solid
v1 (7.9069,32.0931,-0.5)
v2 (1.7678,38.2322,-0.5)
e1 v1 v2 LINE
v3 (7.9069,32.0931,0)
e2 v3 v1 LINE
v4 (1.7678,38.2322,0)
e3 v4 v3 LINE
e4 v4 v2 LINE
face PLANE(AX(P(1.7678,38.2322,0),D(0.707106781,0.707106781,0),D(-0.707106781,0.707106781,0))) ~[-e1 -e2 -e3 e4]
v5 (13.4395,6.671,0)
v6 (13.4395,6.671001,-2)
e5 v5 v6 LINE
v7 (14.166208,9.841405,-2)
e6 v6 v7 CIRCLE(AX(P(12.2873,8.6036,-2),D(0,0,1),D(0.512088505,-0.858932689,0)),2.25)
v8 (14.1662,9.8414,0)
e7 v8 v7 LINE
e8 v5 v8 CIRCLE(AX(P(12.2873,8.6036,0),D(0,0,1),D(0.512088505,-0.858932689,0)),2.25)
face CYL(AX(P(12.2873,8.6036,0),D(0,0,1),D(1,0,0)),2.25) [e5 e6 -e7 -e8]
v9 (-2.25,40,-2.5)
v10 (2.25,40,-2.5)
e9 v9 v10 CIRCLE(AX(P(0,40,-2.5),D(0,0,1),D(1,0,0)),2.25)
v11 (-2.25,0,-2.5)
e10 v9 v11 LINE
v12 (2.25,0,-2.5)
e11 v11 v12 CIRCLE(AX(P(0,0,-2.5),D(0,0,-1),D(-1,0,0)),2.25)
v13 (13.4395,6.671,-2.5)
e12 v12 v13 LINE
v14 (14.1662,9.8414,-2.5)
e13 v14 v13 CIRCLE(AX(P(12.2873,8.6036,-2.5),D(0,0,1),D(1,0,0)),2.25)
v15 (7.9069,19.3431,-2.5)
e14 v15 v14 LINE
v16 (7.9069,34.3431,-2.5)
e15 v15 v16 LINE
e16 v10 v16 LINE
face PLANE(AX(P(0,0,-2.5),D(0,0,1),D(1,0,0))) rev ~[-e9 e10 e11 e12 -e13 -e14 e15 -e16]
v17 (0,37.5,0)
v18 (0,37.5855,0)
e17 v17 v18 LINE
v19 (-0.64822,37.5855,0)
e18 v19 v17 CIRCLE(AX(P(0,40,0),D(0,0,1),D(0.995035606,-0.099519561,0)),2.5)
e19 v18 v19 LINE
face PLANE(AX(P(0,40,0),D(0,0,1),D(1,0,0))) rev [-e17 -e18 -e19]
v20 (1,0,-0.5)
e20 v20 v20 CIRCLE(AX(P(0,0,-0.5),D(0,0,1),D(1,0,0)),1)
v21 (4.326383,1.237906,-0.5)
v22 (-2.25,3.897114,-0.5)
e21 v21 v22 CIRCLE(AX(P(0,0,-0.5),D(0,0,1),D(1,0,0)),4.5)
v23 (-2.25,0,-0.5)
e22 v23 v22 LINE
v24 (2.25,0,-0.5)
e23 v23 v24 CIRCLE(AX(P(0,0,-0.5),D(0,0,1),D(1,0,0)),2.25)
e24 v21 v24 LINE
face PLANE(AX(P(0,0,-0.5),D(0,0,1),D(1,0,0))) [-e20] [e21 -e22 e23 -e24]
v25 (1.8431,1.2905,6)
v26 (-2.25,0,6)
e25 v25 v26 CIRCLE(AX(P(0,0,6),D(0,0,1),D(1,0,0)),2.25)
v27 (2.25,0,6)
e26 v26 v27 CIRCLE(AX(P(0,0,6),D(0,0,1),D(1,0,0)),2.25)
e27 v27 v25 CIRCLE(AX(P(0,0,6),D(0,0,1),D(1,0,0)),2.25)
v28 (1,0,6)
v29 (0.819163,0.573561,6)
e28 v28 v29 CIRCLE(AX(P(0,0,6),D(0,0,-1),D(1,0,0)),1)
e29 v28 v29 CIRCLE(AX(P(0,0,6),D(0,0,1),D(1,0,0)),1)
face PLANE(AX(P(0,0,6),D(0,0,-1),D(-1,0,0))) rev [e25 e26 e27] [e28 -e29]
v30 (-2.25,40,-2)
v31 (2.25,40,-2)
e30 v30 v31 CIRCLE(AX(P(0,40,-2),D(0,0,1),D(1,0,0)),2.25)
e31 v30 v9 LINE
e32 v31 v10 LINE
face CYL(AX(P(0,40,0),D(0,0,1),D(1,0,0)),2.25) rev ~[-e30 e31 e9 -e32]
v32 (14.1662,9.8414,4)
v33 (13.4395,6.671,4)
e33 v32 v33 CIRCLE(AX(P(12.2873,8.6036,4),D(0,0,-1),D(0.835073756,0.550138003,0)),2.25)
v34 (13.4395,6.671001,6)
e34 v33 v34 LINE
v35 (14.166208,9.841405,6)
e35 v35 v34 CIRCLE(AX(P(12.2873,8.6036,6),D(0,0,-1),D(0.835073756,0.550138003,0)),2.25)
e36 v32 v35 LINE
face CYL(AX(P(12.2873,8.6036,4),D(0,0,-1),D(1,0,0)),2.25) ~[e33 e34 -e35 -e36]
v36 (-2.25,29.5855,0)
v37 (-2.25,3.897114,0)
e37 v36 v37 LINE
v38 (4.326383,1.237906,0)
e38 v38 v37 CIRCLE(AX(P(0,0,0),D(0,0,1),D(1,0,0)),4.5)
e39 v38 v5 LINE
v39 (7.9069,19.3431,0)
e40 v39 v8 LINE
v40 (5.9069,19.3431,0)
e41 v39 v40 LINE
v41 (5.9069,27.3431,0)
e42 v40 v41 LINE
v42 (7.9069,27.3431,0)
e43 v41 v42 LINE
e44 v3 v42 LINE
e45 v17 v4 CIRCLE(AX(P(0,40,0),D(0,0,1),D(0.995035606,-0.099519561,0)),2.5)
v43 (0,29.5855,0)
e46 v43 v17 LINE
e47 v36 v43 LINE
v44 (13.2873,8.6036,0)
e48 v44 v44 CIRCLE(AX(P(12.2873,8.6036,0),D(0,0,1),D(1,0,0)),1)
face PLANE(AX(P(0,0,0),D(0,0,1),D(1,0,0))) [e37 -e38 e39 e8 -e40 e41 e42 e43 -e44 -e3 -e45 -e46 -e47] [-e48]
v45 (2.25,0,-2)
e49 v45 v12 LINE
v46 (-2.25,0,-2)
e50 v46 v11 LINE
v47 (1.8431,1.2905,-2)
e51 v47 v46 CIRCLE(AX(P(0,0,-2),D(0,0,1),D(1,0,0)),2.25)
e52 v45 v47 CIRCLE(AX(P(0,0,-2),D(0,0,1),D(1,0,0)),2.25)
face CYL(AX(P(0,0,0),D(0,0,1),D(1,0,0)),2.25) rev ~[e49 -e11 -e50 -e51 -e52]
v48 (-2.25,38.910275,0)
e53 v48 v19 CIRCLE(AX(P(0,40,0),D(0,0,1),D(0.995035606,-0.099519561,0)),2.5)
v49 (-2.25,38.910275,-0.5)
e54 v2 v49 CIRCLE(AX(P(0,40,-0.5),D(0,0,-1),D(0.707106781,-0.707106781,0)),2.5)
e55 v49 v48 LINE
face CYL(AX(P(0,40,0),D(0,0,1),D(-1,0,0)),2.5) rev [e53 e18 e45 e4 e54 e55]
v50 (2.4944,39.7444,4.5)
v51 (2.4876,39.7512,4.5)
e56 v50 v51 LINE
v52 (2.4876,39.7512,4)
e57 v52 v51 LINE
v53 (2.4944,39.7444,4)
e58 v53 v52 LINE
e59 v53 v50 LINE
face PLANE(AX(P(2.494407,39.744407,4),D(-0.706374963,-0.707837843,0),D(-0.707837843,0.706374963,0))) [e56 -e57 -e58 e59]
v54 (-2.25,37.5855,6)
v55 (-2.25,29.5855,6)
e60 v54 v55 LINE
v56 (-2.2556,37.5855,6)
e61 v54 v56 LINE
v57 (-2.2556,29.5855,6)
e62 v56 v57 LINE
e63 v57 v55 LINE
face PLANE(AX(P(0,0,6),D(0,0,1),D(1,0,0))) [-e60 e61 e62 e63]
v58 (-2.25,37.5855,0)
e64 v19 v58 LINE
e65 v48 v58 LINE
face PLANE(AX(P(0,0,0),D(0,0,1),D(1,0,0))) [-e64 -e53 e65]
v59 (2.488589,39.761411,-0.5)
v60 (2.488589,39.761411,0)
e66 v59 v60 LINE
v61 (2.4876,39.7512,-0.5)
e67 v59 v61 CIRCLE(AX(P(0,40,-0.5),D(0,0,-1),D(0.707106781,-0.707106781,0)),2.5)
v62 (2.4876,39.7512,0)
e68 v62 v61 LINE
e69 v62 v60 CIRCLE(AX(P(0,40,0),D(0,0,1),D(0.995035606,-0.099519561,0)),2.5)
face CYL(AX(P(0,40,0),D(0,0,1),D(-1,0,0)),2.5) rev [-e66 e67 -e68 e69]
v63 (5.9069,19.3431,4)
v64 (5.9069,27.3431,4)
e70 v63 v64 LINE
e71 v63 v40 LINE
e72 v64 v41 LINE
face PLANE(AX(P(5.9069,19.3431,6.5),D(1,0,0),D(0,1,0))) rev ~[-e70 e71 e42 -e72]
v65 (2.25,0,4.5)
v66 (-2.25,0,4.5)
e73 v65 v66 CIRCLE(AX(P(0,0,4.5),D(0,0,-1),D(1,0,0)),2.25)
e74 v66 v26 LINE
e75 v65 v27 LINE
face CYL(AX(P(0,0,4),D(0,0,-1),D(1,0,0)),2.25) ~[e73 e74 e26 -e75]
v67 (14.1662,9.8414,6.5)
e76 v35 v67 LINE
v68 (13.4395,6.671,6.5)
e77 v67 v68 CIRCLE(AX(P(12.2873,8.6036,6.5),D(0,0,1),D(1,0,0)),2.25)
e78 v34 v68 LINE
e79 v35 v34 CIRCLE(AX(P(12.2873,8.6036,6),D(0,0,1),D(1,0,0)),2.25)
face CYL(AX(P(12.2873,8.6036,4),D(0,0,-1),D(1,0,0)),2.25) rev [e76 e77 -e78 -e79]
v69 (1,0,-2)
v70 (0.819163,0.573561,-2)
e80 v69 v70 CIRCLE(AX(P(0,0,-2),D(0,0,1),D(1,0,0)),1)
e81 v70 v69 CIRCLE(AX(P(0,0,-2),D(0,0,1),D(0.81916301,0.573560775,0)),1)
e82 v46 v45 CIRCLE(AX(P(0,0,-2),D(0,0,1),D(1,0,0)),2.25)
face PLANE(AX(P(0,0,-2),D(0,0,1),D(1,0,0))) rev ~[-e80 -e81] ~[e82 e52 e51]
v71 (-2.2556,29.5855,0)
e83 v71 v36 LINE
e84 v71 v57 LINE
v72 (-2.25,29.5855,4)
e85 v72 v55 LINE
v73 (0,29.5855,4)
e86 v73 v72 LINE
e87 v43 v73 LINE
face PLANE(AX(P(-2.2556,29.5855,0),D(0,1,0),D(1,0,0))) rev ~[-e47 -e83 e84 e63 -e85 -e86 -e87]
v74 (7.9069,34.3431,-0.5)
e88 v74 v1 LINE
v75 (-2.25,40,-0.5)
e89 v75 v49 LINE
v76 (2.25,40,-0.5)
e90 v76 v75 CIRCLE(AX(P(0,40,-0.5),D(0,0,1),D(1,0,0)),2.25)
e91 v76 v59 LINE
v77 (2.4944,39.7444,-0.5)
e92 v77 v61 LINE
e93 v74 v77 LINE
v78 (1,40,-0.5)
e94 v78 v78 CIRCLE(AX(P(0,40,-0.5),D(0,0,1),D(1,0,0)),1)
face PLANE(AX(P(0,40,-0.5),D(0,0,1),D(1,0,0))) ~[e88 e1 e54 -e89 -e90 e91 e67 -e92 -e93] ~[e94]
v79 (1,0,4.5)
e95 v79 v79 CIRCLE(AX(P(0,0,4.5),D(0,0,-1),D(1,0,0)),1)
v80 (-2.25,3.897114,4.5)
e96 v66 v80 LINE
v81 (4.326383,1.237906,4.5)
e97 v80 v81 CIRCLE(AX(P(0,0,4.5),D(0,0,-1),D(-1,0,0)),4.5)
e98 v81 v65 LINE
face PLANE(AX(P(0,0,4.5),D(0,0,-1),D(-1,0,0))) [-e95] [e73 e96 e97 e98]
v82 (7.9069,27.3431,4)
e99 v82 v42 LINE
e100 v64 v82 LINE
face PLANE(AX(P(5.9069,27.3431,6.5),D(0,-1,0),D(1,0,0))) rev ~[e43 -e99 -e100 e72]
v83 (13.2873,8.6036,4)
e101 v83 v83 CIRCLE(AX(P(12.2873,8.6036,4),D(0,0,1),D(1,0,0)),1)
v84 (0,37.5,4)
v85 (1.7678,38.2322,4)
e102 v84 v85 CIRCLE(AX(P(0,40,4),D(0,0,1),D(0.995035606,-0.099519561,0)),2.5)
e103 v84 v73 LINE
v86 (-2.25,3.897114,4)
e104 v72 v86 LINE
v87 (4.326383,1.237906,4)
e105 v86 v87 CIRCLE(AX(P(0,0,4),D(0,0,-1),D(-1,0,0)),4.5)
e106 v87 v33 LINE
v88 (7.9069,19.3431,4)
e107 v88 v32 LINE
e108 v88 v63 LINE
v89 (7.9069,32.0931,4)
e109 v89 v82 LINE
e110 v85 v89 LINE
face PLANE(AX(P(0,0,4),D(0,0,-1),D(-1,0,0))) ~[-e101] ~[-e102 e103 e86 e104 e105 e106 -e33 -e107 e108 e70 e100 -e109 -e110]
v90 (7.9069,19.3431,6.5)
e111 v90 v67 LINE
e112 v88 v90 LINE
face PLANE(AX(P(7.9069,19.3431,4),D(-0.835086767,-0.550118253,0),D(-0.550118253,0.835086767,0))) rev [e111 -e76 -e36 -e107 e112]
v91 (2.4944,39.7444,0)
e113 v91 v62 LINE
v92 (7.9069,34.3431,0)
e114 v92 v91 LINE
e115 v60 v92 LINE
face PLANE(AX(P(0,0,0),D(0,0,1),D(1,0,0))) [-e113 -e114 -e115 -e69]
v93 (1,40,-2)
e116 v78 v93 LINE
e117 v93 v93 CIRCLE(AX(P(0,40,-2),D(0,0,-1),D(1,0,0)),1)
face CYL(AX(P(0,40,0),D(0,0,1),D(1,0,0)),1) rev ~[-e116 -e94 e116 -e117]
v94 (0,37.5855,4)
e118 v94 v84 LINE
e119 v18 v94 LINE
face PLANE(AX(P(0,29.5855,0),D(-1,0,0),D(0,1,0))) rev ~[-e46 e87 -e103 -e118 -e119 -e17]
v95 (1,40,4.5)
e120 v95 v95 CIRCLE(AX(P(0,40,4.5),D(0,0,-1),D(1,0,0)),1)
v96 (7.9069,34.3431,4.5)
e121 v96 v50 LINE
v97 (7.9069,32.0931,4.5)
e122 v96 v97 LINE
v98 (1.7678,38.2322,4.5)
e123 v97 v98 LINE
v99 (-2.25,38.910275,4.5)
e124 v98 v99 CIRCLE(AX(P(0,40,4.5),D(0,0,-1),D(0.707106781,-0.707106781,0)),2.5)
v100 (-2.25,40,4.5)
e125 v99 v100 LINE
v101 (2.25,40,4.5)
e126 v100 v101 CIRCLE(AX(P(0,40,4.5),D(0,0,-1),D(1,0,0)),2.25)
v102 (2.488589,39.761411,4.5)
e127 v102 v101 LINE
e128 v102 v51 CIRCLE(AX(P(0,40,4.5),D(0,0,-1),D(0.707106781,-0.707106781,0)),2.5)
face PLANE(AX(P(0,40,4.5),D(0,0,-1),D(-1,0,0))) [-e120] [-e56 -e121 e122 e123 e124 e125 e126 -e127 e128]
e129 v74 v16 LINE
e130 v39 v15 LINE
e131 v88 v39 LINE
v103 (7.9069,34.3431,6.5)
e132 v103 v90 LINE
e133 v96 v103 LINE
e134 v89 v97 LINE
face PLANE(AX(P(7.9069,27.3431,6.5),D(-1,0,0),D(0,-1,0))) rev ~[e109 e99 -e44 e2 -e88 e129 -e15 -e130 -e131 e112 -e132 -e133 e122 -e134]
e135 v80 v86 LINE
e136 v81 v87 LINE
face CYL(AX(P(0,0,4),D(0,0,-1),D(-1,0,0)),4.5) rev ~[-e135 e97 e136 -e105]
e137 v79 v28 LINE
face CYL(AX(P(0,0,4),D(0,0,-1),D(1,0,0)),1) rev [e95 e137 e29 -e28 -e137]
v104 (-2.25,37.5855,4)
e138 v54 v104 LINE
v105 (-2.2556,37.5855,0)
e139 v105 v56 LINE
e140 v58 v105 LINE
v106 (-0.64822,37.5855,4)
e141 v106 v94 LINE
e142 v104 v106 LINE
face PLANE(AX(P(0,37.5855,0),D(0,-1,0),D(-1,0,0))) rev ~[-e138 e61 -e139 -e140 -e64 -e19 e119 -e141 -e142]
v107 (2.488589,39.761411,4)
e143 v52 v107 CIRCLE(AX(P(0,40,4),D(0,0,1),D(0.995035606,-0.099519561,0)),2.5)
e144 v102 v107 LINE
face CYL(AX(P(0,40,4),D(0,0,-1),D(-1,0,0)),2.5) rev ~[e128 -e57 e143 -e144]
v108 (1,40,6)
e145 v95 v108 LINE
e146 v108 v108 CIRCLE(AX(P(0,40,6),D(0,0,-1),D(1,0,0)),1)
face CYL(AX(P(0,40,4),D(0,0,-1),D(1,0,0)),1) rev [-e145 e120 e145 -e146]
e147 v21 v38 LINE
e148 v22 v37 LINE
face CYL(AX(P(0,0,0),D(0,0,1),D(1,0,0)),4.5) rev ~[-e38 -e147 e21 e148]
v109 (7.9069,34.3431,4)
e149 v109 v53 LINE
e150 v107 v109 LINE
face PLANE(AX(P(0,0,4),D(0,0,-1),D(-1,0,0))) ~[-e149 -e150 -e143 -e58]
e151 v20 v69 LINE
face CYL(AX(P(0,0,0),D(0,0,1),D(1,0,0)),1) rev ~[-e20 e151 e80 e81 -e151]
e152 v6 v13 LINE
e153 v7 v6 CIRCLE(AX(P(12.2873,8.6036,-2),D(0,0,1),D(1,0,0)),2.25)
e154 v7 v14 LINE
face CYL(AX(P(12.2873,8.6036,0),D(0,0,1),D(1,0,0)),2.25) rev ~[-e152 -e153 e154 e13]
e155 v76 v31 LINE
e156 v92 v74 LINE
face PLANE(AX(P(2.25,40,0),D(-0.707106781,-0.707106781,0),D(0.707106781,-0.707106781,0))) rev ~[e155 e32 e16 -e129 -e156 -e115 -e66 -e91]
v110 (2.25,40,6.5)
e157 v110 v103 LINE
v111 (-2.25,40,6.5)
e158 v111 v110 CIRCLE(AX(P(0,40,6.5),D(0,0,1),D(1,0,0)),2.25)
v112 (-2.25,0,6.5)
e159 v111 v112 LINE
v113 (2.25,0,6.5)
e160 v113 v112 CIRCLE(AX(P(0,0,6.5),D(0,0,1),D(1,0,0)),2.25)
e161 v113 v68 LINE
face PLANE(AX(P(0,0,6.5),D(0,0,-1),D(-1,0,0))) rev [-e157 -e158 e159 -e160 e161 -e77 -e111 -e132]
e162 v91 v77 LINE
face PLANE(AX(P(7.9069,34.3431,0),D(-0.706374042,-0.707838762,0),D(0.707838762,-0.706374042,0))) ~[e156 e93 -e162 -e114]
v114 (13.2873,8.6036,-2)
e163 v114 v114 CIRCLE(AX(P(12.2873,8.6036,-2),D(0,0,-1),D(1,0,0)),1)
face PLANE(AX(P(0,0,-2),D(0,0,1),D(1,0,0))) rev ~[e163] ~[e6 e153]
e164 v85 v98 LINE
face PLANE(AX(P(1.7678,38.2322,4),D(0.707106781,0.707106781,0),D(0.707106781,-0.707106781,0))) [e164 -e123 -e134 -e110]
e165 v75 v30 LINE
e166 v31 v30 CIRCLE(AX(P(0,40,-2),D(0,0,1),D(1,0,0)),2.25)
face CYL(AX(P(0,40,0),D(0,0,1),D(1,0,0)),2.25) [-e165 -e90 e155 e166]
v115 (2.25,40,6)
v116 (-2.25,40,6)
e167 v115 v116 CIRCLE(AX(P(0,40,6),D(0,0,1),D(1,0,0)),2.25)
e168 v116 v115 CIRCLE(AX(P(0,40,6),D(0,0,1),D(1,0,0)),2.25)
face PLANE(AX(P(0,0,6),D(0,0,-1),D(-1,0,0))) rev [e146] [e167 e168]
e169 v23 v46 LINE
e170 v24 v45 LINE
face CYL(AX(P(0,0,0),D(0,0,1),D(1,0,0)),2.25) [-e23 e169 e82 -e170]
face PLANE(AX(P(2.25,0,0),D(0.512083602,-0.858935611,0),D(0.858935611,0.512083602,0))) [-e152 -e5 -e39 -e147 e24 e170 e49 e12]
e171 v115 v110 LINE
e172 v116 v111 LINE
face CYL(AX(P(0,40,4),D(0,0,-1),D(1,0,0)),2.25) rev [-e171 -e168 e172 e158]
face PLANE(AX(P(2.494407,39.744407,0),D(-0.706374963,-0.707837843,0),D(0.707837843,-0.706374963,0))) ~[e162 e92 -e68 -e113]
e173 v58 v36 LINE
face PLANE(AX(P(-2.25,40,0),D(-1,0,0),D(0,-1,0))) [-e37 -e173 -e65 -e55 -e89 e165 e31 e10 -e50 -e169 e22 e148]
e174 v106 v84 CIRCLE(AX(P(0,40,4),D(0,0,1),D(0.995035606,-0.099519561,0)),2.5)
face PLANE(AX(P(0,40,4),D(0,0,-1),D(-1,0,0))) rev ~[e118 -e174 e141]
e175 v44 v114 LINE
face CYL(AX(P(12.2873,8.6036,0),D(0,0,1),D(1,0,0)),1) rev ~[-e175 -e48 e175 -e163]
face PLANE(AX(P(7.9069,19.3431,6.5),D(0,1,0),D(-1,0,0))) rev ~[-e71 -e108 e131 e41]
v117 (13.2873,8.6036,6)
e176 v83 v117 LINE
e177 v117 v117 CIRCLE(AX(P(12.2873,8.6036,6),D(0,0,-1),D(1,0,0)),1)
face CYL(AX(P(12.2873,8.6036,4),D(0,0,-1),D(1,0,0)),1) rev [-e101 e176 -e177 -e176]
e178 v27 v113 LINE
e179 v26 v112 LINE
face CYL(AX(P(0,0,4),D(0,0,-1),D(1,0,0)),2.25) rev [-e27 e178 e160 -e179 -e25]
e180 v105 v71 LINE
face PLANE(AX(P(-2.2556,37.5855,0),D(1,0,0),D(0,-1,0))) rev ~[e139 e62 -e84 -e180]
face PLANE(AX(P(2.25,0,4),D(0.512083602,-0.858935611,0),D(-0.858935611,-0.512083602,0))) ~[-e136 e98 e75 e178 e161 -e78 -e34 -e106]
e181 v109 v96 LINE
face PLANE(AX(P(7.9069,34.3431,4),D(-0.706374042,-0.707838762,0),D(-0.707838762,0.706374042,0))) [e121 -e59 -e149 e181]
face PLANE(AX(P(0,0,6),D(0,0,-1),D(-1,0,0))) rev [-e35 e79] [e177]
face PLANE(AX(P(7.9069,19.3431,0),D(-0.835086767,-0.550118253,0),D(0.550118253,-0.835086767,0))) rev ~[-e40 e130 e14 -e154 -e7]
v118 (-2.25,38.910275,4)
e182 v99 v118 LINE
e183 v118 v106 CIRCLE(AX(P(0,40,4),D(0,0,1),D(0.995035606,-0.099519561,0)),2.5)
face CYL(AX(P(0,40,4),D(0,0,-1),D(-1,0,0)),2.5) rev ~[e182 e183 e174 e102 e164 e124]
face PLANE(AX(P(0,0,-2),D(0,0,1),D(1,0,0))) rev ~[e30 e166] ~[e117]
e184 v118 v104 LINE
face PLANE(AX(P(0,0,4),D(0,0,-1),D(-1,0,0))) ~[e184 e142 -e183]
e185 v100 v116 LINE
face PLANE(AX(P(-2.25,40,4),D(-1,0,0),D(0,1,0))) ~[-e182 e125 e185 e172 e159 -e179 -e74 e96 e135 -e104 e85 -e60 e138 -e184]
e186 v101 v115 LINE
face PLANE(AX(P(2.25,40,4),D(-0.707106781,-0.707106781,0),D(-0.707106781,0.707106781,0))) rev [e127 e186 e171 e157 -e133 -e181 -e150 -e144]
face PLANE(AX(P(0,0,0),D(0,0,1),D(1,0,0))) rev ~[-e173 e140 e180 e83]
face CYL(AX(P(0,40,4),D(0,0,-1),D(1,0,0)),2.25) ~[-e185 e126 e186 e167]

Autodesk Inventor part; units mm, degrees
ref_plane "YZ Plane" through (0, 0, 0) normal (1, 0, 0) x (0, 1, 0)
sketch "Sketch1" plane through (0, 0, 0) normal (0, 0, 1) x (1, 0, 0)
  circle A0 centre (0, 0) radius 1
  circle A1 centre (0, 0) radius 2.25
  circle A2 centre (0, 40) radius 1
  circle A3 centre (0, 40) radius 2.25
  line L0 (-2.25, 40) -> (-2.25, 0)
  line L1 (0, 0) -> (15, 0) construction
  line L2 (12.2873, 8.6036) -> (11.2873, 8.6036)
  circle A4 centre (12.2873, 8.6036) radius 1
  circle A5 centre (12.2873, 8.6036) radius 2.25
  line L3 (2.25, 0) -> (13.4395, 6.671)
  line L4 (2.25, 40) -> (7.9069, 34.3431)
  line L5 (7.9069, 34.3431) -> (7.9069, 19.3431)
  line L6 (7.9069, 19.3431) -> (14.1662, 9.8414)
  line L7 (0, 0) -> (0, 1)
  line L8 (0, 39) -> (0, 40)
  line L9 (0, 0) -> (1.8431, 1.2905)
  line L10 (11.4681, 8.0301) -> (12.2873, 8.6036)
  dimension "d5" = 2
  dimension "d7" = 2
  dimension "d0" = 40
  dimension "d6" = 4.5
  dimension "d8" = 4.5
  dimension "d9" = 15
  dimension "d11" = 2
  dimension "d12" = 4.5
  dimension "d13" = 8
  dimension "d15" = 15
ref_plane "Work Plane1" through (0, 0, 2) normal (0, 0, 1) x (1, 0, 0)
extrude "Extrusion1" add sketch "Sketch1" against normal blind 2.5 contours A1 L0 A3 L4 L5 L6 A5 L3
extrude "Extrusion2" add sketch "Sketch1" against normal blind 2 contours A1 | A5 | A3
mirror "Mirror1" about plane through (0, 0, 2) normal (0, 0, 1) of "Extrusion1", "Extrusion2"
sketch "Sketch2" plane through (0, 0, 0) normal (0, 0, 1) x (1, 0, 0)
  line L0 (0, 37.5855) -> (-2.2556, 37.5855)
  line L1 (-2.2556, 37.5855) -> (-2.2556, 29.5855)
  line L2 (-2.2556, 29.5855) -> (0, 29.5855)
  line L3 (0, 29.5855) -> (0, 37.5855)
  point P0 (0, 0)
  dimension "d21" = 8
extrude "Extrusion3" add sketch "Sketch2" along normal blind 6
sketch "Sketch3" plane through (0, 0, 6.5) normal (0, 0, 1) x (1, 0, 0)
  line L0 (7.9069, 19.3431) -> (5.9069, 19.3431)
  line L1 (5.9069, 19.3431) -> (5.9069, 27.3431)
  line L2 (5.9069, 27.3431) -> (7.9069, 27.3431)
  line L3 (7.9069, 27.3431) -> (7.9069, 19.3431)
  point P0 (0, 0)
  dimension "d24" = 2
  dimension "d25" = 8
extrude "Extrusion4" add sketch "Sketch3" against normal blind 9
sketch "Sketch6" plane through (0, 0, 4) normal (0, 0, -1) x (-1, 0, 0)
  circle A0 centre (0, 0) radius 4.5
  dimension "d33" = 9
extrude "Extrusion7" cut sketch "Sketch6" against normal blind 0.5
sketch "Sketch7" plane through (0, 0, 0) normal (0, 0, 1) x (1, 0, 0)
  circle A0 centre (0, 0) radius 4.5
  dimension "d36" = 9
extrude "Extrusion8" cut sketch "Sketch7" against normal blind 0.5
sketch "Sketch8" plane through (0, 40, 4) normal (0, 0, -1) x (-1, 0, 0)
  circle A0 centre (0, 0) radius 2.5
  line L0 (-1.7678, -1.7678) -> (-6.7819, -6.7819)
  circle A1 centre (0, 0) radius 2.5
  line L1 (-7.9069, -5.6569) -> (-2.4944, -0.2556)
  arc A2 (-2.4876, -0.2488) -> (-1.7678, -1.7678) centre (0, 0) ccw
  arc A3 (-2.4876, -0.2488) -> (-1.7678, -1.7678) centre (0, 0) ccw
  line L2 (-7.9069, -5.6569) -> (-2.4876, -0.2488)
  line L3 (-7.9069, -5.6569) -> (-7.9069, -7.9069)
  line L4 (-6.7819, -6.7819) -> (-7.9069, -7.9069)
  point P0 (0, -40)
  dimension "d39" = 5
extrude "Extrusion9" cut sketch "Sketch8" against normal blind 0.5
ref_plane "Work Plane2" through (0, 0, 2) normal (0, 0, -1) x (-1, 0, 0)
mirror "Mirror2" about plane through (0, 0, 2) normal (0, 0, -1) of "Extrusion9"
properties part number "Pinky_Lower_main_1"
